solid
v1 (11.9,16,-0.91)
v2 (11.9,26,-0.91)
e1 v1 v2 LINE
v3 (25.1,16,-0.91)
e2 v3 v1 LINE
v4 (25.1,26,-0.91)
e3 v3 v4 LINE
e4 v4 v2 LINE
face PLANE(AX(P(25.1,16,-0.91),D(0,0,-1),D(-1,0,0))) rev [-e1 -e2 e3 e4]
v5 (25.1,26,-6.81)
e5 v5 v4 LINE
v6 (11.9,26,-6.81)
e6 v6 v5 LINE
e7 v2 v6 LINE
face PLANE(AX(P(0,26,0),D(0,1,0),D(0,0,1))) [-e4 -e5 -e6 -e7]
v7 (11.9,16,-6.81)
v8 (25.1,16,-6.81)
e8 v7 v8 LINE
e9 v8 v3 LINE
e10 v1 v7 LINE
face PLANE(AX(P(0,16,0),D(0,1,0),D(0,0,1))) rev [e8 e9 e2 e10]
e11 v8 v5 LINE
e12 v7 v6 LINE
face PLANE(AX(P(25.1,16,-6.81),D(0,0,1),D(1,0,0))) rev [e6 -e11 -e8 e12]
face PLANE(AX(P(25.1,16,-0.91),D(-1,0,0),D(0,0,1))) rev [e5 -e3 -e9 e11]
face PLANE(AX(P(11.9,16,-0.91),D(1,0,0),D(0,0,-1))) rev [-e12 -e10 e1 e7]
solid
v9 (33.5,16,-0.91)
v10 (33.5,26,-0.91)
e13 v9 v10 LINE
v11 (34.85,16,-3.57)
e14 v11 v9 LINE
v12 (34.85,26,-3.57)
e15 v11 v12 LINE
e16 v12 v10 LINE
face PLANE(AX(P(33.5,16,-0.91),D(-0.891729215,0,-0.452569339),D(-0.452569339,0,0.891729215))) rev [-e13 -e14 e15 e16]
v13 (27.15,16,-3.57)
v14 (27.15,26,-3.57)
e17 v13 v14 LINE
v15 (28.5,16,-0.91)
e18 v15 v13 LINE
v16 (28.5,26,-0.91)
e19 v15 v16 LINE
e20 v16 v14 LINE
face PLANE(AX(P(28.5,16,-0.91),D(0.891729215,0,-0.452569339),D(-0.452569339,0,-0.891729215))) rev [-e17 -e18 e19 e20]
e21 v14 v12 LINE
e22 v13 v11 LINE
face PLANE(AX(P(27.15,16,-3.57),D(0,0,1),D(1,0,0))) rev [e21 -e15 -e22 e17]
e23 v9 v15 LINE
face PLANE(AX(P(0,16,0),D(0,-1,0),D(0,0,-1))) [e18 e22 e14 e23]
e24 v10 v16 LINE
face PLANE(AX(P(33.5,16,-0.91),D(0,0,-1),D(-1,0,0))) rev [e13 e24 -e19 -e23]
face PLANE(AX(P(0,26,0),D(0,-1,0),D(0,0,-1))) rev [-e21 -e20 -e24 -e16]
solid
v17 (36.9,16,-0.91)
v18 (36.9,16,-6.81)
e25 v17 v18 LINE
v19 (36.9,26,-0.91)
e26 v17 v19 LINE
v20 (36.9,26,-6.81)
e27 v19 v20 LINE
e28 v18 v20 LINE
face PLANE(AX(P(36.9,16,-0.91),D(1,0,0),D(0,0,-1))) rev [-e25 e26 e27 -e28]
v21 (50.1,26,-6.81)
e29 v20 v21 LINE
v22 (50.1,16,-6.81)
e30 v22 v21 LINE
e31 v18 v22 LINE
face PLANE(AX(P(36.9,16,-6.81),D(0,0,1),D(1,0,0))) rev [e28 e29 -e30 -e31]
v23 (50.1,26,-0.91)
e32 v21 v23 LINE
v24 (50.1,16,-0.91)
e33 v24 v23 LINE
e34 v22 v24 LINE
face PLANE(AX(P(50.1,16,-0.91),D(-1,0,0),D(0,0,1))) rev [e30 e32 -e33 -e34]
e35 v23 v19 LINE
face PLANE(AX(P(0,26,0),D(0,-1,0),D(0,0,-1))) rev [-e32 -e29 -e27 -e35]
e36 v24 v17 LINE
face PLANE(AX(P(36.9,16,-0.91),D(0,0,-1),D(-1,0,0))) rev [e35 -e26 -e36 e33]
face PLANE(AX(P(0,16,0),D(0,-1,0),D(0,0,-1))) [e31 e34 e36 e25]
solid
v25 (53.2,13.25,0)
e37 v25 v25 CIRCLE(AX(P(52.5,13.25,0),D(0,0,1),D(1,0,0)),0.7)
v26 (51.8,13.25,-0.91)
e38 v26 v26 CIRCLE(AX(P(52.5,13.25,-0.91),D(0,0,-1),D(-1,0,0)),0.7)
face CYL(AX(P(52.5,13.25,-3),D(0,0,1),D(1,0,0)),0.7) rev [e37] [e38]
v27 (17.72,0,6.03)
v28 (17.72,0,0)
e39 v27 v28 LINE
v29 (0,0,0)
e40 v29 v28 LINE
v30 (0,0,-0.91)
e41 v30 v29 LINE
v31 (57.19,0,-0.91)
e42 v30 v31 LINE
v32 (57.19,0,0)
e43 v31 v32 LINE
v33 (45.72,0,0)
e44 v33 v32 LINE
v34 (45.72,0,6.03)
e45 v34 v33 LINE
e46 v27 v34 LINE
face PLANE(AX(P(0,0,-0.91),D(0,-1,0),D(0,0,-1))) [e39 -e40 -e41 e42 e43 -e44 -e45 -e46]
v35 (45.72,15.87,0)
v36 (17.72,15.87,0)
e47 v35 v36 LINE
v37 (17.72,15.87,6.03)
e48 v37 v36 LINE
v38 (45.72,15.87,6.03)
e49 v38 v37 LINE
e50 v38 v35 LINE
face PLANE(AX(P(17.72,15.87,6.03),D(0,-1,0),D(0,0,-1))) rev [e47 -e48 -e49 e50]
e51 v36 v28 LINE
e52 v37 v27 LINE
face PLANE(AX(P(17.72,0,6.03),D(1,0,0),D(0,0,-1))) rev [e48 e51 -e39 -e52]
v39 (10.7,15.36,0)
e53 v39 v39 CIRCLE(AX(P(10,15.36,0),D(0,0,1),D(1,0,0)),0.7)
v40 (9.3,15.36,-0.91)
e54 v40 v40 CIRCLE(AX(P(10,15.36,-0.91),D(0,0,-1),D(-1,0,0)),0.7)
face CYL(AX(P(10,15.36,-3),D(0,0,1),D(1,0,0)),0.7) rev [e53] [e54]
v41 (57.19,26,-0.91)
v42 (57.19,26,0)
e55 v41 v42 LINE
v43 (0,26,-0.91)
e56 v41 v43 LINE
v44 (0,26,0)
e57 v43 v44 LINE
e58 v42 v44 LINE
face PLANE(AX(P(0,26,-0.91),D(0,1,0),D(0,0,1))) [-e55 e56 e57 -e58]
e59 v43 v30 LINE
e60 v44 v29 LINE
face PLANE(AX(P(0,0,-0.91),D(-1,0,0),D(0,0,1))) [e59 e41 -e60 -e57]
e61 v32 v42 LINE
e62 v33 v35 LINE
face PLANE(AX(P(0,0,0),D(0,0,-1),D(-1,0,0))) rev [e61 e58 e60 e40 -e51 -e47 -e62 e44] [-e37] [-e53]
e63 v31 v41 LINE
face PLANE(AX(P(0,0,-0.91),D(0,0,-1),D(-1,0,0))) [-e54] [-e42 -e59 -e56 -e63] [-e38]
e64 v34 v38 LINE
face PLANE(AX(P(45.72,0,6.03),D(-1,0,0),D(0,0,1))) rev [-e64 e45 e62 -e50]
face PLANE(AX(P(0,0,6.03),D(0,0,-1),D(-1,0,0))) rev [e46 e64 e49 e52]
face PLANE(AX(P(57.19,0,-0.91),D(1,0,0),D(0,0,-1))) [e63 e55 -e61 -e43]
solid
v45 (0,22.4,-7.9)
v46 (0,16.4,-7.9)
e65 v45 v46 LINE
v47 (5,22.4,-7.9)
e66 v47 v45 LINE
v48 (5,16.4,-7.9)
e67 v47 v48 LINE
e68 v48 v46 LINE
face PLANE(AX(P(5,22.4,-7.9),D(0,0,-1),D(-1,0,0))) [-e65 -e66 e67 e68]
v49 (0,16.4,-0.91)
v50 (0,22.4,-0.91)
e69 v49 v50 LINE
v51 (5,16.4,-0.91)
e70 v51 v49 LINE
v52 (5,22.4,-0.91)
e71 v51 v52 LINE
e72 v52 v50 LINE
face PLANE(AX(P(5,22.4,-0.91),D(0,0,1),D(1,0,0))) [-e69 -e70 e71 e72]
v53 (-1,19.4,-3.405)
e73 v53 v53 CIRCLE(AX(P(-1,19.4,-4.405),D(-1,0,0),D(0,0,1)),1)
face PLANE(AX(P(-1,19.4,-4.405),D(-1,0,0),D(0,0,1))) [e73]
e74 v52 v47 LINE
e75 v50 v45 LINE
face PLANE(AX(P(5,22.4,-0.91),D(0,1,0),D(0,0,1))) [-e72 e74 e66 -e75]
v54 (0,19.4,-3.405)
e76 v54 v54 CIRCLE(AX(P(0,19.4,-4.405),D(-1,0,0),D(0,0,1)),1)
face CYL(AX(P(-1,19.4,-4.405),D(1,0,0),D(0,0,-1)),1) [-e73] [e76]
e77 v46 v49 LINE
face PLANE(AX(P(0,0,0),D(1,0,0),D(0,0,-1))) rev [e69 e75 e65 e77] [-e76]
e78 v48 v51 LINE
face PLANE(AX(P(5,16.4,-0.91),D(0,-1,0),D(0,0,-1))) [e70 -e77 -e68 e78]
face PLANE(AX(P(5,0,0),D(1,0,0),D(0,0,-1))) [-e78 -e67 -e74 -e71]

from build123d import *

# Parameters (mm, degrees)
SKETCH_1_W          = 57.19
SKETCH_1_H          = 26
EXTRUDE_1_DEPTH     = 0.91
SKETCH_2_W          = 28
SKETCH_2_H          = 15.87
EXTRUDE_2_DEPTH     = 6.03
SKETCH_3_R          = 0.7
CUT_EXTRUDE_1_DEPTH = 3
SKETCH_4_W          = 13.2
SKETCH_4_H          = 5.9
EXTRUDE_3_DEPTH     = 10
EXTRUDE_3_2_DEPTH   = 10
EXTRUDE_3_3_DEPTH   = 10
SKETCH_5_W          = 6.99
SKETCH_5_H          = 6
EXTRUDE_4_DEPTH     = 5
SKETCH_6_R          = 1
EXTRUDE_5_DEPTH     = 1


with BuildPart() as part:
    # Эскиз1 → Бобышка-Вытянуть1 (new body)
    with BuildSketch(Plane.XY):
        with Locations((28.595, 13)):
            Rectangle(SKETCH_1_W, SKETCH_1_H)
    extrude(amount=-EXTRUDE_1_DEPTH)

    # Эскиз2 → Бобышка-Вытянуть2 (add)
    with BuildSketch(Plane.XY):
        with Locations((31.72, 7.935)):
            Rectangle(SKETCH_2_W, SKETCH_2_H)
    extrude(amount=EXTRUDE_2_DEPTH)

    # Эскиз3 → Вырез-Вытянуть1 (cut)
    with BuildSketch(Plane.XY):
        with Locations((10, 15.36)):
            Circle(SKETCH_3_R)
        with Locations((52.5, 13.25)):
            Circle(SKETCH_3_R)
    extrude(amount=-CUT_EXTRUDE_1_DEPTH, mode=Mode.SUBTRACT)


with BuildPart() as body_2:
    # Эскиз4 → Бобышка-Вытянуть3 (new body)
    with BuildSketch(Plane.XZ.offset(-26)):
        with Locations((18.5, -3.86)):
            Rectangle(SKETCH_4_W, SKETCH_4_H)
    extrude(amount=EXTRUDE_3_DEPTH)


with BuildPart() as body_3:
    # Эскиз4 → Extrude 3 2 (new body)
    with BuildSketch(Plane.XZ.offset(-26)):
        with Locations((43.5, -3.86)):
            Rectangle(SKETCH_4_W, SKETCH_4_H)
    extrude(amount=EXTRUDE_3_2_DEPTH)


with BuildPart() as body_4:
    # Эскиз4 → Extrude 3 3 (new body)
    with BuildSketch(Plane.XZ.offset(-26)):
        Polygon((33.5, -0.91), (28.5, -0.91), (27.15, -3.57), (34.85, -3.57), align=None)
    extrude(amount=EXTRUDE_3_3_DEPTH)


with BuildPart() as body_5:
    # Эскиз5 → Бобышка-Вытянуть4 (new body)
    with BuildSketch(Plane.ZY):
        with Locations((-4.405, 19.4)):
            Rectangle(SKETCH_5_W, SKETCH_5_H)
    extrude(amount=-EXTRUDE_4_DEPTH)

    # Эскиз6 → Бобышка-Вытянуть5 (add)
    with BuildSketch(Plane.ZY):
        with Locations((-4.405, 19.4)):
            Circle(SKETCH_6_R)
    extrude(amount=EXTRUDE_5_DEPTH)


solid = Compound([part.part, body_2.part, body_3.part, body_4.part, body_5.part])
